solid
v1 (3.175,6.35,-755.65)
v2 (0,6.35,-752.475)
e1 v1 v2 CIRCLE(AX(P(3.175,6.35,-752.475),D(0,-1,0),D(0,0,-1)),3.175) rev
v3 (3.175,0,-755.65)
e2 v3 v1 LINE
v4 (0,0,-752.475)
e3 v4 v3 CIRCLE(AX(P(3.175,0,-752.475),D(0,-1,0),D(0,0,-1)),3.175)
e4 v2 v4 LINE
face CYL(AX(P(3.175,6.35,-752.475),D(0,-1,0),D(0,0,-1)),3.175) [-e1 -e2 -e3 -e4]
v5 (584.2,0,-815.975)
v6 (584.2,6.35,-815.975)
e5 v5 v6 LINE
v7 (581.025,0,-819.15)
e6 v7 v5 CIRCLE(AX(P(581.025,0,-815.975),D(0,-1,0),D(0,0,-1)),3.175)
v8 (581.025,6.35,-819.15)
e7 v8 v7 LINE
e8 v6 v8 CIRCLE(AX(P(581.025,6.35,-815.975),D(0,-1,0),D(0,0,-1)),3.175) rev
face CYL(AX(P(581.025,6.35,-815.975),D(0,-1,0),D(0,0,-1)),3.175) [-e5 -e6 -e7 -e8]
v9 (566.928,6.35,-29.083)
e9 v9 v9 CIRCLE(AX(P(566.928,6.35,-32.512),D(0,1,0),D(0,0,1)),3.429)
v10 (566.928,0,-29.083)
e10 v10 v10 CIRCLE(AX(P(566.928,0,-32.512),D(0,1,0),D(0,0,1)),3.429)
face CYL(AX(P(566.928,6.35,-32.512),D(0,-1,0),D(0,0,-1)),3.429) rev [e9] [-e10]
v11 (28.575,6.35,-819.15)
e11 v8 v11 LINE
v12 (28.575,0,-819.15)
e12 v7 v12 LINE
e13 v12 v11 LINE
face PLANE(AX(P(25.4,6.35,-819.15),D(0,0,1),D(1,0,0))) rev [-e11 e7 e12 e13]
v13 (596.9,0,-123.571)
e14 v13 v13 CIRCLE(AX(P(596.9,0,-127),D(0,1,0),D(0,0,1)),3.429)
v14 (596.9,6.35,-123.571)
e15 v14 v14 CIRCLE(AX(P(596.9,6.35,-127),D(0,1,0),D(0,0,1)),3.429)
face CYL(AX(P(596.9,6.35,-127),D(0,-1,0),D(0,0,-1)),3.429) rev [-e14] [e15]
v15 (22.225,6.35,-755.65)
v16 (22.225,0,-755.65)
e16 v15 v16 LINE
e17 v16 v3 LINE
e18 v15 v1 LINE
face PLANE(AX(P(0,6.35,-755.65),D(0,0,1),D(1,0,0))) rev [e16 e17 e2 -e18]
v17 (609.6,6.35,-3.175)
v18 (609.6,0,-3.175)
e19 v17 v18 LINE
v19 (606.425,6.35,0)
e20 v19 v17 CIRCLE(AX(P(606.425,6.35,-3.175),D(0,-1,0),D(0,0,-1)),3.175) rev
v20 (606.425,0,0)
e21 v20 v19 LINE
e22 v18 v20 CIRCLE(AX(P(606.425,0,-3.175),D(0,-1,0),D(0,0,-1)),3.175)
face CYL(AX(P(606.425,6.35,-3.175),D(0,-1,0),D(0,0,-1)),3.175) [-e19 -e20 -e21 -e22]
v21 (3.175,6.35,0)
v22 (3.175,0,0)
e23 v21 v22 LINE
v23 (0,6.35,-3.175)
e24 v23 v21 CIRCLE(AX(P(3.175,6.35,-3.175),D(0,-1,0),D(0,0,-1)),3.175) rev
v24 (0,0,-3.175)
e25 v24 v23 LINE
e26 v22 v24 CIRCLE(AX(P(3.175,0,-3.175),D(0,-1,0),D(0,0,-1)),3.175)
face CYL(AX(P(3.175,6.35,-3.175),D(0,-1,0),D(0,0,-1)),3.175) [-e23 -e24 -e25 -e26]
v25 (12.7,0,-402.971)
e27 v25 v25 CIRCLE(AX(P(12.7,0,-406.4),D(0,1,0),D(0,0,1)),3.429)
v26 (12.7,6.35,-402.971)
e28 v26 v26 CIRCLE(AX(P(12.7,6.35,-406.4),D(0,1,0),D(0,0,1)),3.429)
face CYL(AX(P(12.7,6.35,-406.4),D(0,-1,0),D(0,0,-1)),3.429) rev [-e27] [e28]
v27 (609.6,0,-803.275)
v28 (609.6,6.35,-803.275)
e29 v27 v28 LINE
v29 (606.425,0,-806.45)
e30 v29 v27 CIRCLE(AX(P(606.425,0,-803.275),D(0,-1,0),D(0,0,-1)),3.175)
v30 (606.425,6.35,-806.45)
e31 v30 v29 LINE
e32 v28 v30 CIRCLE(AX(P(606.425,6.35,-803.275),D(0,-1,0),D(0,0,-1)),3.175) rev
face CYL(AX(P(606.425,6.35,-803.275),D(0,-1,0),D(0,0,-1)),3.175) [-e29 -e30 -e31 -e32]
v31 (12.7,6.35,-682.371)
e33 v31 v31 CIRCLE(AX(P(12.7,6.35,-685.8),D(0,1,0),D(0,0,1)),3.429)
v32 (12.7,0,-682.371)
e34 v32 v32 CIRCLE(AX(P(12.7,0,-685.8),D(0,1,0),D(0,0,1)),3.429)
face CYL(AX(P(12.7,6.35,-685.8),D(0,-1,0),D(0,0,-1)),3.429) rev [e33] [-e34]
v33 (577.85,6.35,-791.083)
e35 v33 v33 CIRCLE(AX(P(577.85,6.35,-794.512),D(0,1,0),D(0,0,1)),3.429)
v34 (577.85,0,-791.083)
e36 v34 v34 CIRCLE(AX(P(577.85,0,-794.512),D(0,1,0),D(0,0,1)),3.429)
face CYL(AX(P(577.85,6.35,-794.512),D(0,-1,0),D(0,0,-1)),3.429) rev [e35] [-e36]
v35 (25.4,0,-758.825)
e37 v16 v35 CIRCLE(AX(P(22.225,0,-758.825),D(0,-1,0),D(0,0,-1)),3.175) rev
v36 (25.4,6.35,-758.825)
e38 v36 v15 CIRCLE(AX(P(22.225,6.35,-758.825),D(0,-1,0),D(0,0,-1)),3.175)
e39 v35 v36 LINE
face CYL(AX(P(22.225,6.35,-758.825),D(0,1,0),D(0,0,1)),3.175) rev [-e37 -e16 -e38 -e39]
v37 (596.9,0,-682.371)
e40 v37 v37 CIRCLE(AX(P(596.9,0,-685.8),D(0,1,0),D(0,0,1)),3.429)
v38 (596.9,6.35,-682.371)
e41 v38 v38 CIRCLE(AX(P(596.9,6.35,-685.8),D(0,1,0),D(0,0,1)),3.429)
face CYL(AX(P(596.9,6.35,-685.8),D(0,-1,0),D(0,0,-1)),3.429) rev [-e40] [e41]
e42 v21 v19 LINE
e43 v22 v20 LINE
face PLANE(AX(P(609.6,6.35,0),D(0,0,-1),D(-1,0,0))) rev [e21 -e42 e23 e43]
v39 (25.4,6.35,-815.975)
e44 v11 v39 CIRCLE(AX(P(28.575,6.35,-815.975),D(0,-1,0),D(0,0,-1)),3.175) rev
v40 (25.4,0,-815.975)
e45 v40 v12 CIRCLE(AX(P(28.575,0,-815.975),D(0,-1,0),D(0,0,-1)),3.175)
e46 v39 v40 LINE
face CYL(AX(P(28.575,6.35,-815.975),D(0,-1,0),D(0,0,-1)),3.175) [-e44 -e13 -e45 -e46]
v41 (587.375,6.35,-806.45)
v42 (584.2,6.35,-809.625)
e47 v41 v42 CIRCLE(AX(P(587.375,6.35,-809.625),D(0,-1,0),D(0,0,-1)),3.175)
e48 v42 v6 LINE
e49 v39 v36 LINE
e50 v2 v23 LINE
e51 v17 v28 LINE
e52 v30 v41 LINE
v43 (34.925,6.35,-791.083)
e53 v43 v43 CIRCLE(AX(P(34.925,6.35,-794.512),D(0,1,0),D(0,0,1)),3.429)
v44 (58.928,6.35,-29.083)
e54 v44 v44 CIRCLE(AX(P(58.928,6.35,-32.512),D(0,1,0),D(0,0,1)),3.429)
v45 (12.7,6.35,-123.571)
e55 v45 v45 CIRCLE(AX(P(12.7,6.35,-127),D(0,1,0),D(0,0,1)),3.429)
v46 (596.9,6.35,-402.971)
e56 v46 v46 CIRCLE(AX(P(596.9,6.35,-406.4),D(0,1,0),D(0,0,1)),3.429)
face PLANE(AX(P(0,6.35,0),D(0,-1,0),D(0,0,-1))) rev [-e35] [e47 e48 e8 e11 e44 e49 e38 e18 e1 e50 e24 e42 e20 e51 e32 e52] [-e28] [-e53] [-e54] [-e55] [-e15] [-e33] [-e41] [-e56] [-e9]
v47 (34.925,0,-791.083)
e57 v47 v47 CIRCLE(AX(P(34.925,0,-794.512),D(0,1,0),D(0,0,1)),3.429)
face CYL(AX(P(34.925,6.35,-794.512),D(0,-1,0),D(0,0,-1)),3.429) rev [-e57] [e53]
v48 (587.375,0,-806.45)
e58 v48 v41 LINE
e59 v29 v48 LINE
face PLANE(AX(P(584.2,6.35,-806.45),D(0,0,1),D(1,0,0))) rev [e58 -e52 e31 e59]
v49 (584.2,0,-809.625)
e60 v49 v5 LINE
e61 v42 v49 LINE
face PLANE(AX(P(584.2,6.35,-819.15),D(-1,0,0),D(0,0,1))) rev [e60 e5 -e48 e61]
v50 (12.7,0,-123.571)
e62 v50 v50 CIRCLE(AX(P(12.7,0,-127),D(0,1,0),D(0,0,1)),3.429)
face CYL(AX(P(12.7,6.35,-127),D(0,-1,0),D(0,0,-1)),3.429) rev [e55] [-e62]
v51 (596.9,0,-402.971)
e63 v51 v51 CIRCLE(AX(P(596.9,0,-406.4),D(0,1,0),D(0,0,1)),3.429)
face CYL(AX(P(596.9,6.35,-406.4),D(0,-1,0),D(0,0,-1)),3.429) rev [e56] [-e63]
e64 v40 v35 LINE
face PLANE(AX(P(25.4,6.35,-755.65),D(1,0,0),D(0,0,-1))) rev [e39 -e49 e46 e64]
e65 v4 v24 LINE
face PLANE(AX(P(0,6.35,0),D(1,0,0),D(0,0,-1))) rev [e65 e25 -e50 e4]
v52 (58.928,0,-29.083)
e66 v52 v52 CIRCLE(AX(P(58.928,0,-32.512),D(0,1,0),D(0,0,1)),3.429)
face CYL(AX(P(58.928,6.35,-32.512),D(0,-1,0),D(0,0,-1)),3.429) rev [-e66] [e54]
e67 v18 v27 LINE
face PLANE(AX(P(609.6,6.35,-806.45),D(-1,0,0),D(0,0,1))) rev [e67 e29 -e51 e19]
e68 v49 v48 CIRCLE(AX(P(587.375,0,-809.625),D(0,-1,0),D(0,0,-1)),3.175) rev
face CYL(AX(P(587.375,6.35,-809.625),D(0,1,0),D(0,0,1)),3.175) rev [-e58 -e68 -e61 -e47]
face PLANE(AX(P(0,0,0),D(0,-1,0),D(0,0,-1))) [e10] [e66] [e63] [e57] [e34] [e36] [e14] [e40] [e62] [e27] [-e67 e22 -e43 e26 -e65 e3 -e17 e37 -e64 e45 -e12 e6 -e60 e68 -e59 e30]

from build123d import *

# Parameters (mm, degrees)
SKETCH1_R           = 3.429
BOSS_EXTRUDE1_DEPTH = 6.35
FILLET1_R           = 3.175


with BuildPart() as part:
    # Sketch1 → Boss-Extrude1 (new body)
    with BuildSketch(Plane(origin=(0, 0, 0), x_dir=(1, 0, 0), z_dir=(0, 1, 0))):
        Polygon((0, 0), (0, 755.65), (25.4, 755.65), (25.4, 819.15), (584.2, 819.15), (584.2, 806.45), (609.6, 806.45), (609.6, 0), align=None)
        with Locations(Location((12.7, 685.8, 0), (0, 0, 270))):
            Circle(SKETCH1_R, mode=Mode.SUBTRACT)
        with Locations(Location((12.7, 127, 0), (0, 0, 270))):
            Circle(SKETCH1_R, mode=Mode.SUBTRACT)
        with Locations(Location((577.85, 794.512, 0), (0, 0, 270))):
            Circle(SKETCH1_R, mode=Mode.SUBTRACT)
        with Locations(Location((566.928, 32.512, 0), (0, 0, 270))):
            Circle(SKETCH1_R, mode=Mode.SUBTRACT)
        with Locations(Location((596.9, 685.8, 0), (0, 0, 270))):
            Circle(SKETCH1_R, mode=Mode.SUBTRACT)
        with Locations(Location((596.9, 406.4, 0), (0, 0, 270))):
            Circle(SKETCH1_R, mode=Mode.SUBTRACT)
        with Locations(Location((34.925, 794.512, 0), (0, 0, 270))):
            Circle(SKETCH1_R, mode=Mode.SUBTRACT)
        with Locations(Location((58.928, 32.512, 0), (0, 0, 270))):
            Circle(SKETCH1_R, mode=Mode.SUBTRACT)
        with Locations(Location((596.9, 127, 0), (0, 0, 270))):
            Circle(SKETCH1_R, mode=Mode.SUBTRACT)
        with Locations(Location((12.7, 406.4, 0), (0, 0, 270))):
            Circle(SKETCH1_R, mode=Mode.SUBTRACT)
    extrude(amount=BOSS_EXTRUDE1_DEPTH)

    # Fillet1
    fillet1_edges = [part.edges().sort_by_distance(p)[0] for p in [
        (0, 3.175, 0),
        (0, 3.175, -755.65),
        (25.4, 3.175, -755.65),
        (25.4, 3.175, -819.15),
        (584.2, 3.175, -819.15),
        (584.2, 3.175, -806.45),
        (609.6, 3.175, -806.45),
        (609.6, 3.175, 0),
    ]]
    fillet(fillet1_edges, radius=FILLET1_R)


solid = part.part
